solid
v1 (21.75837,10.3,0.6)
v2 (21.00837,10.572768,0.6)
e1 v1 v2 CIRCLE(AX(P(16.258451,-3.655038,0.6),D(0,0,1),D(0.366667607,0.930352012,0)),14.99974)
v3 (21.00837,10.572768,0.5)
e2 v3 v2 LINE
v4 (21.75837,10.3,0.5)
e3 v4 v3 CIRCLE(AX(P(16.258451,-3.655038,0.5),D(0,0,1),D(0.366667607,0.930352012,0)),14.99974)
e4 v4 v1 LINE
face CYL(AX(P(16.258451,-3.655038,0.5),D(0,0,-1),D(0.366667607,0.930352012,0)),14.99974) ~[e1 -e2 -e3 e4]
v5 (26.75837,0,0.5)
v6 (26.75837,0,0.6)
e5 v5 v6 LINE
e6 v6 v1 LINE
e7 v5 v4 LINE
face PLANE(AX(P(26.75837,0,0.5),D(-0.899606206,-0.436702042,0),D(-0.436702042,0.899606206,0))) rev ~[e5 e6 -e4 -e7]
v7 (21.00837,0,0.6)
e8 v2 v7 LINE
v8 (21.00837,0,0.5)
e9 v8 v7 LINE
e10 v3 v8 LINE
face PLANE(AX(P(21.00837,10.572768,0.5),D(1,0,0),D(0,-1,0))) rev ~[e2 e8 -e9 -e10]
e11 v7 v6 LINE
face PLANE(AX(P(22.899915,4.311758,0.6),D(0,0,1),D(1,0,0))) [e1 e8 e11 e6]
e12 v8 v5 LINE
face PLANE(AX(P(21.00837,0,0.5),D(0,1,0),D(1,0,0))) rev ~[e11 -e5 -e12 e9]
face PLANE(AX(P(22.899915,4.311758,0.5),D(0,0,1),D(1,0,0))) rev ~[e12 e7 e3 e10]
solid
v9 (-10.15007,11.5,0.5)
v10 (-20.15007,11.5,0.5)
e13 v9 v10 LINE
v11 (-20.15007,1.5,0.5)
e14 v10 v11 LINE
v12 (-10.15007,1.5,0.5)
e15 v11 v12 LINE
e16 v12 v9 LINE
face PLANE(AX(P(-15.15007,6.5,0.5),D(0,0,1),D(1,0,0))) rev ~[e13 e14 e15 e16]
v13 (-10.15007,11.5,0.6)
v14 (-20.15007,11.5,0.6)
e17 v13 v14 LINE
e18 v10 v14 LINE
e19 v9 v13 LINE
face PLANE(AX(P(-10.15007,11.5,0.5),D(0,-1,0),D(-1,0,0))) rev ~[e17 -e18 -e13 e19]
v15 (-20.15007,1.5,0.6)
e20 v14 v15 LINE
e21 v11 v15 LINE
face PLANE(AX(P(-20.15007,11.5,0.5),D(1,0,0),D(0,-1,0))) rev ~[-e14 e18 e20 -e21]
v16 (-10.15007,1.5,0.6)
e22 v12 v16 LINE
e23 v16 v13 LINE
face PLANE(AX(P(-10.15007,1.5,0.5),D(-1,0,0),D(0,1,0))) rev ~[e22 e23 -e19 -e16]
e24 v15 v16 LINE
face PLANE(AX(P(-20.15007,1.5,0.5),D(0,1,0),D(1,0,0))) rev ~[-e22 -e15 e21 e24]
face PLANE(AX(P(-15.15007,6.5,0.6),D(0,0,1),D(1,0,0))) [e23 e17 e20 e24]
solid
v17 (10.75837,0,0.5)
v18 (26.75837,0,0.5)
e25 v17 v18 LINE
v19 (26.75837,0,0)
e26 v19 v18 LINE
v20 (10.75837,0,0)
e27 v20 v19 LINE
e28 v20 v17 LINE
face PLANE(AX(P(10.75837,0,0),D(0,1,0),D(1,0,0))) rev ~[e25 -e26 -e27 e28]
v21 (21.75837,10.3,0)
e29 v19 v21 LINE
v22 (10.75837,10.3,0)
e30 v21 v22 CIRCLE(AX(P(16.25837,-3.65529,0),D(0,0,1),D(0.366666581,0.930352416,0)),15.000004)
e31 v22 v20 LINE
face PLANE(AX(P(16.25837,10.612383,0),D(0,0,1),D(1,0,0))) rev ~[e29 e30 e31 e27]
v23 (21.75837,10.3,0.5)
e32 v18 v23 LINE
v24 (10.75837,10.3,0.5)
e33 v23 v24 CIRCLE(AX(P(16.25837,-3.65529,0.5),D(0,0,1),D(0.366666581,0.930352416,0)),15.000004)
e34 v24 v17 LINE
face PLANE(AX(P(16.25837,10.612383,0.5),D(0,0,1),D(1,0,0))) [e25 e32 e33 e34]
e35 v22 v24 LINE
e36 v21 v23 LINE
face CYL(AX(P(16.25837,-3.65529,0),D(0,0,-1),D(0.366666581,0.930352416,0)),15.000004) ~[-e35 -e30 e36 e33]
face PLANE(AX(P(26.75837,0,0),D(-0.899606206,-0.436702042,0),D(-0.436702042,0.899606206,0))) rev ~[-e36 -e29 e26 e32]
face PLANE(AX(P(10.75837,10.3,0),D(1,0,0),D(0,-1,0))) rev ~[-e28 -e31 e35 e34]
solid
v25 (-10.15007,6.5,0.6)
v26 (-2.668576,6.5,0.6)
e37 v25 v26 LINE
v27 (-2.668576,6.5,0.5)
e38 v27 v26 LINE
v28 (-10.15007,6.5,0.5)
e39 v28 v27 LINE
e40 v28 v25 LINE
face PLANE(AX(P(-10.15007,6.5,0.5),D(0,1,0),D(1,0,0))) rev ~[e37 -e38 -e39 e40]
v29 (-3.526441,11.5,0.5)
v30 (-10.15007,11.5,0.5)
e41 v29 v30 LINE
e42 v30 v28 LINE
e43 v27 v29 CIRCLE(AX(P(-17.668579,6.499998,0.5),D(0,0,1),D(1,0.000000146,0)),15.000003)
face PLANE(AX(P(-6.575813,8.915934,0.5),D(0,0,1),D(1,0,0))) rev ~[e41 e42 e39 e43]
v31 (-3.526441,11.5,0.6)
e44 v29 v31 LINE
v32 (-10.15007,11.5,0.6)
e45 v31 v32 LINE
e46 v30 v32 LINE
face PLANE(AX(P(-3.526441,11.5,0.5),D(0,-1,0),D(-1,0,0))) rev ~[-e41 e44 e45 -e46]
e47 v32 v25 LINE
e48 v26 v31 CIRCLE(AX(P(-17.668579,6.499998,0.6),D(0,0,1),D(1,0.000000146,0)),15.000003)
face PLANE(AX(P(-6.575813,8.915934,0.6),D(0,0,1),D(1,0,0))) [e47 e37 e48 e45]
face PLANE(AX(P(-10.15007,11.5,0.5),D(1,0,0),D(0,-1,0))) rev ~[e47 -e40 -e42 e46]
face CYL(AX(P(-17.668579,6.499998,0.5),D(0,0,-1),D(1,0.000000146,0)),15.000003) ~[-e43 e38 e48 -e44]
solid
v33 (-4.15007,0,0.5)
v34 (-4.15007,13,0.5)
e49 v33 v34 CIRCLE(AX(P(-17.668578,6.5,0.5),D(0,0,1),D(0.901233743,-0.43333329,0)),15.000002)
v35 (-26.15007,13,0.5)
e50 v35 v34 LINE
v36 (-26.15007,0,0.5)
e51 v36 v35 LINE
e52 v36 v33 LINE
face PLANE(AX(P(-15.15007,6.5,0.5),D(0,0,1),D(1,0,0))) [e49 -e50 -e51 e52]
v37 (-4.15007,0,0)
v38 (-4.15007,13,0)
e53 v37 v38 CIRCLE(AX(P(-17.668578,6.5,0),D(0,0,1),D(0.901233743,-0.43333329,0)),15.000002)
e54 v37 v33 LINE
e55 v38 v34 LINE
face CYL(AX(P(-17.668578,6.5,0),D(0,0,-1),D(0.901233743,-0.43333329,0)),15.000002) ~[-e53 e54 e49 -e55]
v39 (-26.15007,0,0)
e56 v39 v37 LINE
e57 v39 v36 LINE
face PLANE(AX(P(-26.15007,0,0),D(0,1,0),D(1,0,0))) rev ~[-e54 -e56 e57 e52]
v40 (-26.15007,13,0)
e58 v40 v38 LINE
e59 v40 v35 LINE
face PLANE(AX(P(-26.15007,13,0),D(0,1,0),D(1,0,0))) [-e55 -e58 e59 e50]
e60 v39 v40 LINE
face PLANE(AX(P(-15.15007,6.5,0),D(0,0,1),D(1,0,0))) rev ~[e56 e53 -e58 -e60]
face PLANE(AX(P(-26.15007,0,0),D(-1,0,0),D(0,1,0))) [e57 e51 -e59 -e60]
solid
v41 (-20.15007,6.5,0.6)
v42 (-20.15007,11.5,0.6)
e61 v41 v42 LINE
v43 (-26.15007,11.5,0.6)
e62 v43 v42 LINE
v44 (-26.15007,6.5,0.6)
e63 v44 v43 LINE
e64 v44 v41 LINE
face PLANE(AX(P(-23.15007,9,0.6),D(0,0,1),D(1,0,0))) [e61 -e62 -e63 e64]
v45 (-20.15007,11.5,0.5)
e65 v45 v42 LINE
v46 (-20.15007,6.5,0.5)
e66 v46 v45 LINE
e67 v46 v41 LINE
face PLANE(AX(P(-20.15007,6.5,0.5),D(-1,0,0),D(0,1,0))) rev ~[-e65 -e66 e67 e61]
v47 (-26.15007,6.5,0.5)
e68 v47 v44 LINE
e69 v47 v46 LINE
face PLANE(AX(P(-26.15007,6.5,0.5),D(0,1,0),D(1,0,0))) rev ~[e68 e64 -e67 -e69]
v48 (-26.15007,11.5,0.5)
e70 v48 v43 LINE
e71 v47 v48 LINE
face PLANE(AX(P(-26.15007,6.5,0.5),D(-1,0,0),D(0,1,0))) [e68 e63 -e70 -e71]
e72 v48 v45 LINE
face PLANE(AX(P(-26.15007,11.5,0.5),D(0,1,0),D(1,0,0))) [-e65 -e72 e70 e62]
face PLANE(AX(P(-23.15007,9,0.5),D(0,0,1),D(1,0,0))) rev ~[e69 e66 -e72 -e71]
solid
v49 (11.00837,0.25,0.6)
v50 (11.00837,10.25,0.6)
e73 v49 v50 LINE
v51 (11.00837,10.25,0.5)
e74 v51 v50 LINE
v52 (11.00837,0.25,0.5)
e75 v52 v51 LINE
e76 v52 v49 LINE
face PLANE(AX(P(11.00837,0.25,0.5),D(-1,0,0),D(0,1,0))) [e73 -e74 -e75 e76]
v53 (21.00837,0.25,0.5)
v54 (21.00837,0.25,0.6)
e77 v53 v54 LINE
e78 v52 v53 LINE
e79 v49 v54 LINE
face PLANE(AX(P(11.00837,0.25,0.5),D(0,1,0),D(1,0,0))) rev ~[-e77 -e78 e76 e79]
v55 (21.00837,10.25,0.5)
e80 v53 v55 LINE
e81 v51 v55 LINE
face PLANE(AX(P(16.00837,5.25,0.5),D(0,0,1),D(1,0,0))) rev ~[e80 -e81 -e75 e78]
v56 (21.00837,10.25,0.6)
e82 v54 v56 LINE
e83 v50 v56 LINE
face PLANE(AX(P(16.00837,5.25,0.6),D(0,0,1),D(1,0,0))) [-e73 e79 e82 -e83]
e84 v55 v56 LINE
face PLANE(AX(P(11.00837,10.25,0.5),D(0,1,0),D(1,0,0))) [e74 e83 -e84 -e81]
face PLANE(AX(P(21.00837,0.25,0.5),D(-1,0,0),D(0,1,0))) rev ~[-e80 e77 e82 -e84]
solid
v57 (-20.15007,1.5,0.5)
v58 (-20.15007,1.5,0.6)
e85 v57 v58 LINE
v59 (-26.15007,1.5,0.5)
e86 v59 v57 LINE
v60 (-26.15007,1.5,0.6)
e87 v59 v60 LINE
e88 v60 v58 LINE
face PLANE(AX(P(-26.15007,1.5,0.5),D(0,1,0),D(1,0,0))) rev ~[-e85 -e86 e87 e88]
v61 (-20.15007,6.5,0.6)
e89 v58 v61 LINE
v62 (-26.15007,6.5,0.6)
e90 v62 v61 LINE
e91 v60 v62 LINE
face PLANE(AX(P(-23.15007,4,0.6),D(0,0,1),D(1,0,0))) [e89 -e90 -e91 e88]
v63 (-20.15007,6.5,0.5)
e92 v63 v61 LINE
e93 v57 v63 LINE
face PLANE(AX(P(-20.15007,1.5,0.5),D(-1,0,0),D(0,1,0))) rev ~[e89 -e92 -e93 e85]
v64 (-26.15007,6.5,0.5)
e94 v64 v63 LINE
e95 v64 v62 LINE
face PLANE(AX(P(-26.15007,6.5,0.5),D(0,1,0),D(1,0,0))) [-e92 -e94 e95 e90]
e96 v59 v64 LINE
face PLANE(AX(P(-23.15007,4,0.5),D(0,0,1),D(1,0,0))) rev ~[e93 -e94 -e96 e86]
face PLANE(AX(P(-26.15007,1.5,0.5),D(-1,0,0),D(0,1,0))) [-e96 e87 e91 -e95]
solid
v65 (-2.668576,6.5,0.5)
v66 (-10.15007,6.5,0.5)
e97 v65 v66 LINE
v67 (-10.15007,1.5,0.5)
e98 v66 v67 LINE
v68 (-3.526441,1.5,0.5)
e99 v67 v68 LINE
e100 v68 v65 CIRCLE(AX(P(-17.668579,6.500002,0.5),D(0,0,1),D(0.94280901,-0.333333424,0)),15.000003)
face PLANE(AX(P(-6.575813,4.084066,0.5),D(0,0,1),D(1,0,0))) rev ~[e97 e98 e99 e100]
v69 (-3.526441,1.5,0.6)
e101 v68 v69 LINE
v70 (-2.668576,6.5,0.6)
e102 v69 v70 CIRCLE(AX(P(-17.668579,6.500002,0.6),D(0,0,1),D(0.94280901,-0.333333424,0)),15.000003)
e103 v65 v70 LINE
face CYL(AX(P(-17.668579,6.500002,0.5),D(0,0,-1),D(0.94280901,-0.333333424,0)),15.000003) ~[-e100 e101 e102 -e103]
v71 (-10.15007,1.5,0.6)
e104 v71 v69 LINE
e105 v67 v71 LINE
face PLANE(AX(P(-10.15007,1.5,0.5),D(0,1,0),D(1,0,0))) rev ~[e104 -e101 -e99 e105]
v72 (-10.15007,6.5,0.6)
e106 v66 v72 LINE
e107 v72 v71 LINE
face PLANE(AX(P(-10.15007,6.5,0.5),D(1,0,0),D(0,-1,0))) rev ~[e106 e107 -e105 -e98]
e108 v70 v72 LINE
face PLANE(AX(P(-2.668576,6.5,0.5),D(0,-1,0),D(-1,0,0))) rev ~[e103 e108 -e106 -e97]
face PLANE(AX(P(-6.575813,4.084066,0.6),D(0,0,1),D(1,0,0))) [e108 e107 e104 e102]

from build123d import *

# Parameters (mm, degrees)
F0_W      = 22
F0_H      = 13
F1_DEPTH  = 0.5
F2_W      = 6
F2_H      = 5
F4_DEPTH  = 0.1
F5_DEPTH  = 0.1
F6_DEPTH  = 0.1
F7_DEPTH  = 0.1
F8_DEPTH  = 0.1
F3_W      = 10
F3_H      = 10
F9_DEPTH  = 0.1
F10_DEPTH = 0.1


with BuildPart() as f1:
    # F0 (on Top) → F1 (new body)
    with BuildSketch(Plane.XY):
        with Locations((-15.15007, 6.5)):
            Rectangle(F0_W, F0_H)
        with BuildLine():
            ThreePointArc((-4.15007, 0), (-2.668576, 6.5), (-4.15007, 13))
            Line((-4.15007, 13), (-4.15007, 0))
        make_face()
        with BuildLine():
            ThreePointArc((21.75837, 10.3), (16.25837, 11.344714), (10.75837, 10.3))
            Line((10.75837, 10.3), (21.75837, 10.3))
        make_face()
        Polygon((21.75837, 10.3), (10.75837, 10.3), (10.75837, 0), (26.75837, 0), align=None)
    extrude(amount=F1_DEPTH)


with BuildPart() as f4:
    # F2 (on face) → F4 (new body)
    with BuildSketch(Plane.XY.offset(0.5)):
        with Locations((-23.15007, 4)):
            Rectangle(F2_W, F2_H)
    extrude(amount=F4_DEPTH)


with BuildPart() as f5:
    # F2 (on face) → F5 (new body)
    with BuildSketch(Plane.XY.offset(0.5)):
        with Locations((-23.15007, 9)):
            Rectangle(F2_W, F2_H)
    extrude(amount=F5_DEPTH)


with BuildPart() as f6:
    # F2 (on face) → F6 (new body)
    with BuildSketch(Plane.XY.offset(0.5)):
        Polygon((-20.15007, 1.5), (-10.15007, 1.5), (-10.15007, 6.5), (-10.15007, 11.5), (-20.15007, 11.5), (-20.15007, 6.5), align=None)
    extrude(amount=F6_DEPTH)


with BuildPart() as f7:
    # F2 (on face) → F7 (new body)
    with BuildSketch(Plane.XY.offset(0.5)):
        with BuildLine():
            Line((-10.15007, 6.5), (-10.15007, 1.5))
            Line((-10.15007, 1.5), (-3.526441, 1.5))
            ThreePointArc((-3.526441, 1.5), (-2.884598, 3.96347), (-2.668576, 6.5))
            Line((-2.668576, 6.5), (-10.15007, 6.5))
        make_face()
    extrude(amount=F7_DEPTH)


with BuildPart() as f8:
    # F2 (on face) → F8 (new body)
    with BuildSketch(Plane.XY.offset(0.5)):
        with BuildLine():
            Line((-10.15007, 11.5), (-10.15007, 6.5))
            Line((-10.15007, 6.5), (-2.668576, 6.5))
            ThreePointArc((-2.668576, 6.5), (-2.884598, 9.03653), (-3.526441, 11.5))
            Line((-3.526441, 11.5), (-10.15007, 11.5))
        make_face()
    extrude(amount=F8_DEPTH)


with BuildPart() as f9:
    # F3 (on face) → F9 (new body)
    with BuildSketch(Plane.XY.offset(0.5)):
        with Locations((16.00837, 5.25)):
            Rectangle(F3_W, F3_H)
    extrude(amount=F9_DEPTH)


with BuildPart() as f10:
    # F3 (on face) → F10 (new body)
    with BuildSketch(Plane.XY.offset(0.5)):
        with BuildLine():
            Line((21.00837, 10.25), (21.00837, 0.25))
            Line((21.00837, 0.25), (21.00837, 0))
            Line((21.00837, 0), (26.75837, 0))
            Line((26.75837, 0), (21.75837, 10.3))
            ThreePointArc((21.75837, 10.3), (21.385184, 10.441373), (21.00837, 10.572768))
            Line((21.00837, 10.572768), (21.00837, 10.25))
        make_face()
    extrude(amount=F10_DEPTH)


solid = Compound([f1.part, f4.part, f5.part, f6.part, f7.part, f8.part, f9.part, f10.part])
